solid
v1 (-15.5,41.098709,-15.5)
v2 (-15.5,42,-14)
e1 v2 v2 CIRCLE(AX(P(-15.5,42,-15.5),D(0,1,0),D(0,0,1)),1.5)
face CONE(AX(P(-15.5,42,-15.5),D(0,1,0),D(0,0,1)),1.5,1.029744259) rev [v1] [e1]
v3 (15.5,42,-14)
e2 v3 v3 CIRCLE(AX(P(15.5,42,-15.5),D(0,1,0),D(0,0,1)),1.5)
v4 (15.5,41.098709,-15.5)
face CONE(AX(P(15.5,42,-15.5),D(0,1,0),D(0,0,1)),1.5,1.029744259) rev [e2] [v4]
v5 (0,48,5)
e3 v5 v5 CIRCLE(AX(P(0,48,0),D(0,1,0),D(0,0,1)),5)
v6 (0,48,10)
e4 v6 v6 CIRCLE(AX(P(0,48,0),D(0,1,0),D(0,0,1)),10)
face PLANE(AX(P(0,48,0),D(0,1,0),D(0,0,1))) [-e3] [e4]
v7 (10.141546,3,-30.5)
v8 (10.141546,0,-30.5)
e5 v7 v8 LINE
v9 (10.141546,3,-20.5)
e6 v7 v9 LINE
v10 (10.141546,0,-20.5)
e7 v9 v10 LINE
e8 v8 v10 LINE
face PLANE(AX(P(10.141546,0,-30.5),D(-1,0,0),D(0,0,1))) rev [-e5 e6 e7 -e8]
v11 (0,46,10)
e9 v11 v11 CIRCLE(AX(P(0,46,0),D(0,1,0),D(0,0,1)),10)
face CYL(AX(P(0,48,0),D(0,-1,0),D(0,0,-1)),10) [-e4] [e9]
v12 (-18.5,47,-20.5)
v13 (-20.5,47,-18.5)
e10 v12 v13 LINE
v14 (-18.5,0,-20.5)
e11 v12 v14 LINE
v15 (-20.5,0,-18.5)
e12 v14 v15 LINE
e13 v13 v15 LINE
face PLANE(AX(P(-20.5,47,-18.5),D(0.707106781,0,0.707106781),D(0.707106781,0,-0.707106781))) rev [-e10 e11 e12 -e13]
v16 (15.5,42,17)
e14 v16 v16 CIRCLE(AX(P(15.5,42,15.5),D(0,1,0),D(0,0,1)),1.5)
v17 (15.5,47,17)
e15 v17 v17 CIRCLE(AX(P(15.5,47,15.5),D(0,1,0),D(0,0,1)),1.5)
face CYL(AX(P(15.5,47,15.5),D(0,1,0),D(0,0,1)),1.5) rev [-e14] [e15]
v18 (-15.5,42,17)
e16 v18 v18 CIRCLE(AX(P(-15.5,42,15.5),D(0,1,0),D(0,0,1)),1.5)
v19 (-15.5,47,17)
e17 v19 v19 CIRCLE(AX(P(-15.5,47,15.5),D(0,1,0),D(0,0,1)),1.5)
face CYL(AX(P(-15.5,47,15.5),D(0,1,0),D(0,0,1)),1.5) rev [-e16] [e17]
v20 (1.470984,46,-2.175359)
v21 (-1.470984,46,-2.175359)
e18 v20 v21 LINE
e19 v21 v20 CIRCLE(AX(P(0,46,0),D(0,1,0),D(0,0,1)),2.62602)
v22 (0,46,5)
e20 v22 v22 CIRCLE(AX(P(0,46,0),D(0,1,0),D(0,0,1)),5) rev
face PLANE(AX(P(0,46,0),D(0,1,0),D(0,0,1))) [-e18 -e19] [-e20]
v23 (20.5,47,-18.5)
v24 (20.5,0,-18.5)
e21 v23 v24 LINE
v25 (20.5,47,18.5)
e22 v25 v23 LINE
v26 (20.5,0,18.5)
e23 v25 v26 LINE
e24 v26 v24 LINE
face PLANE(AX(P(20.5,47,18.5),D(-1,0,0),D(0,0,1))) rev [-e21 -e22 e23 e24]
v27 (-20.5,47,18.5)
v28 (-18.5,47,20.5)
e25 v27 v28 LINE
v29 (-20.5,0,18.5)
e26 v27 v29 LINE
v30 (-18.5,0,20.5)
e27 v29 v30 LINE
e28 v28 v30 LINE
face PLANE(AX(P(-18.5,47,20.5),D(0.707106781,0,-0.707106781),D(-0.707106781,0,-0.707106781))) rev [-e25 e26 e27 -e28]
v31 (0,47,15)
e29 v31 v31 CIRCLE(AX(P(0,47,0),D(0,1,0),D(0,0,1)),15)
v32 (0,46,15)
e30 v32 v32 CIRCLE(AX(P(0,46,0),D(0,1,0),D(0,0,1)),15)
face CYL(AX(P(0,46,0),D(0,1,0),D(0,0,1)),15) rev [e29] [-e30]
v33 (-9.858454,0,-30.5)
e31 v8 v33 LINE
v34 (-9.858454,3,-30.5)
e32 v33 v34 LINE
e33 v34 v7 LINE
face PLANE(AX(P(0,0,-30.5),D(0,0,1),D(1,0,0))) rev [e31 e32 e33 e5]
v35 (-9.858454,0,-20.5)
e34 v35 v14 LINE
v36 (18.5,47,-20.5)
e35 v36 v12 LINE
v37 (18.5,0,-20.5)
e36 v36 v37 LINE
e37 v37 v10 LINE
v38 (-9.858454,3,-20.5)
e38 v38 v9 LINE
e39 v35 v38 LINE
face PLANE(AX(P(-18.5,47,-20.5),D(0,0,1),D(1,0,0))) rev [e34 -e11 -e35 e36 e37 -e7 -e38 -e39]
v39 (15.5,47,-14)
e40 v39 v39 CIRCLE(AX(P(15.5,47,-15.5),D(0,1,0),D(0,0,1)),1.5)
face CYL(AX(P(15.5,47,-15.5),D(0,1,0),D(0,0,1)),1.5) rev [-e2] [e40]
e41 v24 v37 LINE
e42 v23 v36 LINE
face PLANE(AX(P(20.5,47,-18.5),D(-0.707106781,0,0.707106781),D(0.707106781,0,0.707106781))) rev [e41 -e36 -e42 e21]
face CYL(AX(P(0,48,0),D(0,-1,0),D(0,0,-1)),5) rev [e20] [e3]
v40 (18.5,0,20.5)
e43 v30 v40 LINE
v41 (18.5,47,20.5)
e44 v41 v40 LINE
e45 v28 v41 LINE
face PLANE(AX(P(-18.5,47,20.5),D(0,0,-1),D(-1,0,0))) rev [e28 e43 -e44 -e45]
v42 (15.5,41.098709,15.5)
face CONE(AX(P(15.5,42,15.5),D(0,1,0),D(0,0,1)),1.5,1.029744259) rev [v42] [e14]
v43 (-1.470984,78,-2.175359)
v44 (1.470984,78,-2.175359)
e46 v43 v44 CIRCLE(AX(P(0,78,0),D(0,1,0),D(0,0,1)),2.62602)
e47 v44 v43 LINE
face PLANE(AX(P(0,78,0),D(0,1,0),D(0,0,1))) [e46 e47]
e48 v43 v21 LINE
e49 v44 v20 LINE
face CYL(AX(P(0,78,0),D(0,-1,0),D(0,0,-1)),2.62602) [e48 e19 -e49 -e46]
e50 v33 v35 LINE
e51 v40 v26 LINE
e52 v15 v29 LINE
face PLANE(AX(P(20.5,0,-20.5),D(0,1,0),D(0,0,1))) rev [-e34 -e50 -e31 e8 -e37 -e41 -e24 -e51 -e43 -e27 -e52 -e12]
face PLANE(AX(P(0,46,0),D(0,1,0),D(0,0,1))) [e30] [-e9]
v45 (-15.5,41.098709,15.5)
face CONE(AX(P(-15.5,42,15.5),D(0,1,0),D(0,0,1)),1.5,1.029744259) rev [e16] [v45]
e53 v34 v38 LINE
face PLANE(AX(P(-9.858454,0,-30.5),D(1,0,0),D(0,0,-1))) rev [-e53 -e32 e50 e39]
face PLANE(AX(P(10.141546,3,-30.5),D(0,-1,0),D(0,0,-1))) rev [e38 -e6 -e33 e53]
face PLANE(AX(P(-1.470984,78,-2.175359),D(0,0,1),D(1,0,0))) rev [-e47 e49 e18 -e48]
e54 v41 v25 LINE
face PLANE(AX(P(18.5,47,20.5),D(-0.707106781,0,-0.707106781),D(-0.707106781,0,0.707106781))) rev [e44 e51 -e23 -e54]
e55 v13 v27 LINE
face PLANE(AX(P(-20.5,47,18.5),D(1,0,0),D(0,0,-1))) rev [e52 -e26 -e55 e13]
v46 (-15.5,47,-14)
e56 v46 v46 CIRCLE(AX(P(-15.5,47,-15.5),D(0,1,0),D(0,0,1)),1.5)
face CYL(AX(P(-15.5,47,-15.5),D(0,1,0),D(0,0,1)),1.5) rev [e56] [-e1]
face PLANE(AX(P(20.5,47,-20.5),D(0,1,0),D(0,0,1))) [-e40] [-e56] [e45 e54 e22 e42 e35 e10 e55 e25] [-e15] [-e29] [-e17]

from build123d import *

# Parameters (mm, degrees)
BOSS_EXTRUDE1_DEPTH          = 47
SKETCH2_R                    = 15
CUT_EXTRUDE1_DEPTH           = 1
SKETCH3_R                    = 10
SKETCH3_R_2                  = 5
BOSS_EXTRUDE2_DEPTH          = 2
BOSS_EXTRUDE3_DEPTH          = 32
F_3_0_3_DIAMETER_HOLE1_D     = 3
F_3_0_3_DIAMETER_HOLE1_DEPTH = 5
F_3_0_3_DIAMETER_HOLE1_TIP   = 0.901290929
SKETCH7_W                    = 20
SKETCH7_H                    = 3
BOSS_EXTRUDE4_DEPTH          = 10


with BuildPart() as part:
    # Sketch1 → Boss-Extrude1 (new body)
    with BuildSketch(Plane(origin=(0, 0, 0), x_dir=(1, 0, 0), z_dir=(0, 1, 0))):
        Polygon((-20.5, 18.5), (-18.5, 20.5), (18.5, 20.5), (20.5, 18.5), (20.5, -18.5), (18.5, -20.5), (-18.5, -20.5), (-20.5, -18.5), align=None)
    extrude(amount=BOSS_EXTRUDE1_DEPTH)

    # Sketch2 → Cut-Extrude1 (cut)
    with BuildSketch(Plane(origin=(0, 47, 0), x_dir=(-1, 0, 0), z_dir=(0, 1, 0))):
        Circle(SKETCH2_R)
    extrude(amount=-CUT_EXTRUDE1_DEPTH, mode=Mode.SUBTRACT)

    # Sketch3 → Boss-Extrude2 (add)
    with BuildSketch(Plane(origin=(0, 46, 0), x_dir=(1, 0, 0), z_dir=(0, 1, 0))):
        Circle(SKETCH3_R)
        Circle(SKETCH3_R_2, mode=Mode.SUBTRACT)
    extrude(amount=BOSS_EXTRUDE2_DEPTH)

    # Sketch4 → Boss-Extrude3 (add)
    with BuildSketch(Plane(origin=(0, 46, 0), x_dir=(1, 0, 0), z_dir=(0, 1, 0))):
        with BuildLine():
            Line((-1.470984161, 2.175359116), (1.470984161, 2.175359116))
            ThreePointArc((1.470984161, 2.175359116), (0, -2.626020123), (-1.470984161, 2.175359116))
        make_face()
    extrude(amount=BOSS_EXTRUDE3_DEPTH)

    # Ø3.0 (3) Diameter Hole1
    with Locations(Plane(origin=(0, 47, 0), x_dir=(-1, 0, 0), z_dir=(0, 1, 0))):
        with Locations((-15.5, -15.5), (15.5, -15.5), (15.5, 15.5), (-15.5, 15.5)):
            Hole(F_3_0_3_DIAMETER_HOLE1_D / 2, depth=F_3_0_3_DIAMETER_HOLE1_DEPTH)
            with Locations((0, 0, -(F_3_0_3_DIAMETER_HOLE1_DEPTH + F_3_0_3_DIAMETER_HOLE1_TIP / 2))):  # 118° drill point
                Cone(0, F_3_0_3_DIAMETER_HOLE1_D / 2, F_3_0_3_DIAMETER_HOLE1_TIP, mode=Mode.SUBTRACT)

    # Sketch7 → Boss-Extrude4 (add)
    with BuildSketch(Plane(origin=(0, 0, -20.5), x_dir=(-1, 0, 0), z_dir=(0, 0, -1))):
        with Locations((-0.141546157, 1.5)):
            Rectangle(SKETCH7_W, SKETCH7_H)
    extrude(amount=BOSS_EXTRUDE4_DEPTH)


solid = part.part
